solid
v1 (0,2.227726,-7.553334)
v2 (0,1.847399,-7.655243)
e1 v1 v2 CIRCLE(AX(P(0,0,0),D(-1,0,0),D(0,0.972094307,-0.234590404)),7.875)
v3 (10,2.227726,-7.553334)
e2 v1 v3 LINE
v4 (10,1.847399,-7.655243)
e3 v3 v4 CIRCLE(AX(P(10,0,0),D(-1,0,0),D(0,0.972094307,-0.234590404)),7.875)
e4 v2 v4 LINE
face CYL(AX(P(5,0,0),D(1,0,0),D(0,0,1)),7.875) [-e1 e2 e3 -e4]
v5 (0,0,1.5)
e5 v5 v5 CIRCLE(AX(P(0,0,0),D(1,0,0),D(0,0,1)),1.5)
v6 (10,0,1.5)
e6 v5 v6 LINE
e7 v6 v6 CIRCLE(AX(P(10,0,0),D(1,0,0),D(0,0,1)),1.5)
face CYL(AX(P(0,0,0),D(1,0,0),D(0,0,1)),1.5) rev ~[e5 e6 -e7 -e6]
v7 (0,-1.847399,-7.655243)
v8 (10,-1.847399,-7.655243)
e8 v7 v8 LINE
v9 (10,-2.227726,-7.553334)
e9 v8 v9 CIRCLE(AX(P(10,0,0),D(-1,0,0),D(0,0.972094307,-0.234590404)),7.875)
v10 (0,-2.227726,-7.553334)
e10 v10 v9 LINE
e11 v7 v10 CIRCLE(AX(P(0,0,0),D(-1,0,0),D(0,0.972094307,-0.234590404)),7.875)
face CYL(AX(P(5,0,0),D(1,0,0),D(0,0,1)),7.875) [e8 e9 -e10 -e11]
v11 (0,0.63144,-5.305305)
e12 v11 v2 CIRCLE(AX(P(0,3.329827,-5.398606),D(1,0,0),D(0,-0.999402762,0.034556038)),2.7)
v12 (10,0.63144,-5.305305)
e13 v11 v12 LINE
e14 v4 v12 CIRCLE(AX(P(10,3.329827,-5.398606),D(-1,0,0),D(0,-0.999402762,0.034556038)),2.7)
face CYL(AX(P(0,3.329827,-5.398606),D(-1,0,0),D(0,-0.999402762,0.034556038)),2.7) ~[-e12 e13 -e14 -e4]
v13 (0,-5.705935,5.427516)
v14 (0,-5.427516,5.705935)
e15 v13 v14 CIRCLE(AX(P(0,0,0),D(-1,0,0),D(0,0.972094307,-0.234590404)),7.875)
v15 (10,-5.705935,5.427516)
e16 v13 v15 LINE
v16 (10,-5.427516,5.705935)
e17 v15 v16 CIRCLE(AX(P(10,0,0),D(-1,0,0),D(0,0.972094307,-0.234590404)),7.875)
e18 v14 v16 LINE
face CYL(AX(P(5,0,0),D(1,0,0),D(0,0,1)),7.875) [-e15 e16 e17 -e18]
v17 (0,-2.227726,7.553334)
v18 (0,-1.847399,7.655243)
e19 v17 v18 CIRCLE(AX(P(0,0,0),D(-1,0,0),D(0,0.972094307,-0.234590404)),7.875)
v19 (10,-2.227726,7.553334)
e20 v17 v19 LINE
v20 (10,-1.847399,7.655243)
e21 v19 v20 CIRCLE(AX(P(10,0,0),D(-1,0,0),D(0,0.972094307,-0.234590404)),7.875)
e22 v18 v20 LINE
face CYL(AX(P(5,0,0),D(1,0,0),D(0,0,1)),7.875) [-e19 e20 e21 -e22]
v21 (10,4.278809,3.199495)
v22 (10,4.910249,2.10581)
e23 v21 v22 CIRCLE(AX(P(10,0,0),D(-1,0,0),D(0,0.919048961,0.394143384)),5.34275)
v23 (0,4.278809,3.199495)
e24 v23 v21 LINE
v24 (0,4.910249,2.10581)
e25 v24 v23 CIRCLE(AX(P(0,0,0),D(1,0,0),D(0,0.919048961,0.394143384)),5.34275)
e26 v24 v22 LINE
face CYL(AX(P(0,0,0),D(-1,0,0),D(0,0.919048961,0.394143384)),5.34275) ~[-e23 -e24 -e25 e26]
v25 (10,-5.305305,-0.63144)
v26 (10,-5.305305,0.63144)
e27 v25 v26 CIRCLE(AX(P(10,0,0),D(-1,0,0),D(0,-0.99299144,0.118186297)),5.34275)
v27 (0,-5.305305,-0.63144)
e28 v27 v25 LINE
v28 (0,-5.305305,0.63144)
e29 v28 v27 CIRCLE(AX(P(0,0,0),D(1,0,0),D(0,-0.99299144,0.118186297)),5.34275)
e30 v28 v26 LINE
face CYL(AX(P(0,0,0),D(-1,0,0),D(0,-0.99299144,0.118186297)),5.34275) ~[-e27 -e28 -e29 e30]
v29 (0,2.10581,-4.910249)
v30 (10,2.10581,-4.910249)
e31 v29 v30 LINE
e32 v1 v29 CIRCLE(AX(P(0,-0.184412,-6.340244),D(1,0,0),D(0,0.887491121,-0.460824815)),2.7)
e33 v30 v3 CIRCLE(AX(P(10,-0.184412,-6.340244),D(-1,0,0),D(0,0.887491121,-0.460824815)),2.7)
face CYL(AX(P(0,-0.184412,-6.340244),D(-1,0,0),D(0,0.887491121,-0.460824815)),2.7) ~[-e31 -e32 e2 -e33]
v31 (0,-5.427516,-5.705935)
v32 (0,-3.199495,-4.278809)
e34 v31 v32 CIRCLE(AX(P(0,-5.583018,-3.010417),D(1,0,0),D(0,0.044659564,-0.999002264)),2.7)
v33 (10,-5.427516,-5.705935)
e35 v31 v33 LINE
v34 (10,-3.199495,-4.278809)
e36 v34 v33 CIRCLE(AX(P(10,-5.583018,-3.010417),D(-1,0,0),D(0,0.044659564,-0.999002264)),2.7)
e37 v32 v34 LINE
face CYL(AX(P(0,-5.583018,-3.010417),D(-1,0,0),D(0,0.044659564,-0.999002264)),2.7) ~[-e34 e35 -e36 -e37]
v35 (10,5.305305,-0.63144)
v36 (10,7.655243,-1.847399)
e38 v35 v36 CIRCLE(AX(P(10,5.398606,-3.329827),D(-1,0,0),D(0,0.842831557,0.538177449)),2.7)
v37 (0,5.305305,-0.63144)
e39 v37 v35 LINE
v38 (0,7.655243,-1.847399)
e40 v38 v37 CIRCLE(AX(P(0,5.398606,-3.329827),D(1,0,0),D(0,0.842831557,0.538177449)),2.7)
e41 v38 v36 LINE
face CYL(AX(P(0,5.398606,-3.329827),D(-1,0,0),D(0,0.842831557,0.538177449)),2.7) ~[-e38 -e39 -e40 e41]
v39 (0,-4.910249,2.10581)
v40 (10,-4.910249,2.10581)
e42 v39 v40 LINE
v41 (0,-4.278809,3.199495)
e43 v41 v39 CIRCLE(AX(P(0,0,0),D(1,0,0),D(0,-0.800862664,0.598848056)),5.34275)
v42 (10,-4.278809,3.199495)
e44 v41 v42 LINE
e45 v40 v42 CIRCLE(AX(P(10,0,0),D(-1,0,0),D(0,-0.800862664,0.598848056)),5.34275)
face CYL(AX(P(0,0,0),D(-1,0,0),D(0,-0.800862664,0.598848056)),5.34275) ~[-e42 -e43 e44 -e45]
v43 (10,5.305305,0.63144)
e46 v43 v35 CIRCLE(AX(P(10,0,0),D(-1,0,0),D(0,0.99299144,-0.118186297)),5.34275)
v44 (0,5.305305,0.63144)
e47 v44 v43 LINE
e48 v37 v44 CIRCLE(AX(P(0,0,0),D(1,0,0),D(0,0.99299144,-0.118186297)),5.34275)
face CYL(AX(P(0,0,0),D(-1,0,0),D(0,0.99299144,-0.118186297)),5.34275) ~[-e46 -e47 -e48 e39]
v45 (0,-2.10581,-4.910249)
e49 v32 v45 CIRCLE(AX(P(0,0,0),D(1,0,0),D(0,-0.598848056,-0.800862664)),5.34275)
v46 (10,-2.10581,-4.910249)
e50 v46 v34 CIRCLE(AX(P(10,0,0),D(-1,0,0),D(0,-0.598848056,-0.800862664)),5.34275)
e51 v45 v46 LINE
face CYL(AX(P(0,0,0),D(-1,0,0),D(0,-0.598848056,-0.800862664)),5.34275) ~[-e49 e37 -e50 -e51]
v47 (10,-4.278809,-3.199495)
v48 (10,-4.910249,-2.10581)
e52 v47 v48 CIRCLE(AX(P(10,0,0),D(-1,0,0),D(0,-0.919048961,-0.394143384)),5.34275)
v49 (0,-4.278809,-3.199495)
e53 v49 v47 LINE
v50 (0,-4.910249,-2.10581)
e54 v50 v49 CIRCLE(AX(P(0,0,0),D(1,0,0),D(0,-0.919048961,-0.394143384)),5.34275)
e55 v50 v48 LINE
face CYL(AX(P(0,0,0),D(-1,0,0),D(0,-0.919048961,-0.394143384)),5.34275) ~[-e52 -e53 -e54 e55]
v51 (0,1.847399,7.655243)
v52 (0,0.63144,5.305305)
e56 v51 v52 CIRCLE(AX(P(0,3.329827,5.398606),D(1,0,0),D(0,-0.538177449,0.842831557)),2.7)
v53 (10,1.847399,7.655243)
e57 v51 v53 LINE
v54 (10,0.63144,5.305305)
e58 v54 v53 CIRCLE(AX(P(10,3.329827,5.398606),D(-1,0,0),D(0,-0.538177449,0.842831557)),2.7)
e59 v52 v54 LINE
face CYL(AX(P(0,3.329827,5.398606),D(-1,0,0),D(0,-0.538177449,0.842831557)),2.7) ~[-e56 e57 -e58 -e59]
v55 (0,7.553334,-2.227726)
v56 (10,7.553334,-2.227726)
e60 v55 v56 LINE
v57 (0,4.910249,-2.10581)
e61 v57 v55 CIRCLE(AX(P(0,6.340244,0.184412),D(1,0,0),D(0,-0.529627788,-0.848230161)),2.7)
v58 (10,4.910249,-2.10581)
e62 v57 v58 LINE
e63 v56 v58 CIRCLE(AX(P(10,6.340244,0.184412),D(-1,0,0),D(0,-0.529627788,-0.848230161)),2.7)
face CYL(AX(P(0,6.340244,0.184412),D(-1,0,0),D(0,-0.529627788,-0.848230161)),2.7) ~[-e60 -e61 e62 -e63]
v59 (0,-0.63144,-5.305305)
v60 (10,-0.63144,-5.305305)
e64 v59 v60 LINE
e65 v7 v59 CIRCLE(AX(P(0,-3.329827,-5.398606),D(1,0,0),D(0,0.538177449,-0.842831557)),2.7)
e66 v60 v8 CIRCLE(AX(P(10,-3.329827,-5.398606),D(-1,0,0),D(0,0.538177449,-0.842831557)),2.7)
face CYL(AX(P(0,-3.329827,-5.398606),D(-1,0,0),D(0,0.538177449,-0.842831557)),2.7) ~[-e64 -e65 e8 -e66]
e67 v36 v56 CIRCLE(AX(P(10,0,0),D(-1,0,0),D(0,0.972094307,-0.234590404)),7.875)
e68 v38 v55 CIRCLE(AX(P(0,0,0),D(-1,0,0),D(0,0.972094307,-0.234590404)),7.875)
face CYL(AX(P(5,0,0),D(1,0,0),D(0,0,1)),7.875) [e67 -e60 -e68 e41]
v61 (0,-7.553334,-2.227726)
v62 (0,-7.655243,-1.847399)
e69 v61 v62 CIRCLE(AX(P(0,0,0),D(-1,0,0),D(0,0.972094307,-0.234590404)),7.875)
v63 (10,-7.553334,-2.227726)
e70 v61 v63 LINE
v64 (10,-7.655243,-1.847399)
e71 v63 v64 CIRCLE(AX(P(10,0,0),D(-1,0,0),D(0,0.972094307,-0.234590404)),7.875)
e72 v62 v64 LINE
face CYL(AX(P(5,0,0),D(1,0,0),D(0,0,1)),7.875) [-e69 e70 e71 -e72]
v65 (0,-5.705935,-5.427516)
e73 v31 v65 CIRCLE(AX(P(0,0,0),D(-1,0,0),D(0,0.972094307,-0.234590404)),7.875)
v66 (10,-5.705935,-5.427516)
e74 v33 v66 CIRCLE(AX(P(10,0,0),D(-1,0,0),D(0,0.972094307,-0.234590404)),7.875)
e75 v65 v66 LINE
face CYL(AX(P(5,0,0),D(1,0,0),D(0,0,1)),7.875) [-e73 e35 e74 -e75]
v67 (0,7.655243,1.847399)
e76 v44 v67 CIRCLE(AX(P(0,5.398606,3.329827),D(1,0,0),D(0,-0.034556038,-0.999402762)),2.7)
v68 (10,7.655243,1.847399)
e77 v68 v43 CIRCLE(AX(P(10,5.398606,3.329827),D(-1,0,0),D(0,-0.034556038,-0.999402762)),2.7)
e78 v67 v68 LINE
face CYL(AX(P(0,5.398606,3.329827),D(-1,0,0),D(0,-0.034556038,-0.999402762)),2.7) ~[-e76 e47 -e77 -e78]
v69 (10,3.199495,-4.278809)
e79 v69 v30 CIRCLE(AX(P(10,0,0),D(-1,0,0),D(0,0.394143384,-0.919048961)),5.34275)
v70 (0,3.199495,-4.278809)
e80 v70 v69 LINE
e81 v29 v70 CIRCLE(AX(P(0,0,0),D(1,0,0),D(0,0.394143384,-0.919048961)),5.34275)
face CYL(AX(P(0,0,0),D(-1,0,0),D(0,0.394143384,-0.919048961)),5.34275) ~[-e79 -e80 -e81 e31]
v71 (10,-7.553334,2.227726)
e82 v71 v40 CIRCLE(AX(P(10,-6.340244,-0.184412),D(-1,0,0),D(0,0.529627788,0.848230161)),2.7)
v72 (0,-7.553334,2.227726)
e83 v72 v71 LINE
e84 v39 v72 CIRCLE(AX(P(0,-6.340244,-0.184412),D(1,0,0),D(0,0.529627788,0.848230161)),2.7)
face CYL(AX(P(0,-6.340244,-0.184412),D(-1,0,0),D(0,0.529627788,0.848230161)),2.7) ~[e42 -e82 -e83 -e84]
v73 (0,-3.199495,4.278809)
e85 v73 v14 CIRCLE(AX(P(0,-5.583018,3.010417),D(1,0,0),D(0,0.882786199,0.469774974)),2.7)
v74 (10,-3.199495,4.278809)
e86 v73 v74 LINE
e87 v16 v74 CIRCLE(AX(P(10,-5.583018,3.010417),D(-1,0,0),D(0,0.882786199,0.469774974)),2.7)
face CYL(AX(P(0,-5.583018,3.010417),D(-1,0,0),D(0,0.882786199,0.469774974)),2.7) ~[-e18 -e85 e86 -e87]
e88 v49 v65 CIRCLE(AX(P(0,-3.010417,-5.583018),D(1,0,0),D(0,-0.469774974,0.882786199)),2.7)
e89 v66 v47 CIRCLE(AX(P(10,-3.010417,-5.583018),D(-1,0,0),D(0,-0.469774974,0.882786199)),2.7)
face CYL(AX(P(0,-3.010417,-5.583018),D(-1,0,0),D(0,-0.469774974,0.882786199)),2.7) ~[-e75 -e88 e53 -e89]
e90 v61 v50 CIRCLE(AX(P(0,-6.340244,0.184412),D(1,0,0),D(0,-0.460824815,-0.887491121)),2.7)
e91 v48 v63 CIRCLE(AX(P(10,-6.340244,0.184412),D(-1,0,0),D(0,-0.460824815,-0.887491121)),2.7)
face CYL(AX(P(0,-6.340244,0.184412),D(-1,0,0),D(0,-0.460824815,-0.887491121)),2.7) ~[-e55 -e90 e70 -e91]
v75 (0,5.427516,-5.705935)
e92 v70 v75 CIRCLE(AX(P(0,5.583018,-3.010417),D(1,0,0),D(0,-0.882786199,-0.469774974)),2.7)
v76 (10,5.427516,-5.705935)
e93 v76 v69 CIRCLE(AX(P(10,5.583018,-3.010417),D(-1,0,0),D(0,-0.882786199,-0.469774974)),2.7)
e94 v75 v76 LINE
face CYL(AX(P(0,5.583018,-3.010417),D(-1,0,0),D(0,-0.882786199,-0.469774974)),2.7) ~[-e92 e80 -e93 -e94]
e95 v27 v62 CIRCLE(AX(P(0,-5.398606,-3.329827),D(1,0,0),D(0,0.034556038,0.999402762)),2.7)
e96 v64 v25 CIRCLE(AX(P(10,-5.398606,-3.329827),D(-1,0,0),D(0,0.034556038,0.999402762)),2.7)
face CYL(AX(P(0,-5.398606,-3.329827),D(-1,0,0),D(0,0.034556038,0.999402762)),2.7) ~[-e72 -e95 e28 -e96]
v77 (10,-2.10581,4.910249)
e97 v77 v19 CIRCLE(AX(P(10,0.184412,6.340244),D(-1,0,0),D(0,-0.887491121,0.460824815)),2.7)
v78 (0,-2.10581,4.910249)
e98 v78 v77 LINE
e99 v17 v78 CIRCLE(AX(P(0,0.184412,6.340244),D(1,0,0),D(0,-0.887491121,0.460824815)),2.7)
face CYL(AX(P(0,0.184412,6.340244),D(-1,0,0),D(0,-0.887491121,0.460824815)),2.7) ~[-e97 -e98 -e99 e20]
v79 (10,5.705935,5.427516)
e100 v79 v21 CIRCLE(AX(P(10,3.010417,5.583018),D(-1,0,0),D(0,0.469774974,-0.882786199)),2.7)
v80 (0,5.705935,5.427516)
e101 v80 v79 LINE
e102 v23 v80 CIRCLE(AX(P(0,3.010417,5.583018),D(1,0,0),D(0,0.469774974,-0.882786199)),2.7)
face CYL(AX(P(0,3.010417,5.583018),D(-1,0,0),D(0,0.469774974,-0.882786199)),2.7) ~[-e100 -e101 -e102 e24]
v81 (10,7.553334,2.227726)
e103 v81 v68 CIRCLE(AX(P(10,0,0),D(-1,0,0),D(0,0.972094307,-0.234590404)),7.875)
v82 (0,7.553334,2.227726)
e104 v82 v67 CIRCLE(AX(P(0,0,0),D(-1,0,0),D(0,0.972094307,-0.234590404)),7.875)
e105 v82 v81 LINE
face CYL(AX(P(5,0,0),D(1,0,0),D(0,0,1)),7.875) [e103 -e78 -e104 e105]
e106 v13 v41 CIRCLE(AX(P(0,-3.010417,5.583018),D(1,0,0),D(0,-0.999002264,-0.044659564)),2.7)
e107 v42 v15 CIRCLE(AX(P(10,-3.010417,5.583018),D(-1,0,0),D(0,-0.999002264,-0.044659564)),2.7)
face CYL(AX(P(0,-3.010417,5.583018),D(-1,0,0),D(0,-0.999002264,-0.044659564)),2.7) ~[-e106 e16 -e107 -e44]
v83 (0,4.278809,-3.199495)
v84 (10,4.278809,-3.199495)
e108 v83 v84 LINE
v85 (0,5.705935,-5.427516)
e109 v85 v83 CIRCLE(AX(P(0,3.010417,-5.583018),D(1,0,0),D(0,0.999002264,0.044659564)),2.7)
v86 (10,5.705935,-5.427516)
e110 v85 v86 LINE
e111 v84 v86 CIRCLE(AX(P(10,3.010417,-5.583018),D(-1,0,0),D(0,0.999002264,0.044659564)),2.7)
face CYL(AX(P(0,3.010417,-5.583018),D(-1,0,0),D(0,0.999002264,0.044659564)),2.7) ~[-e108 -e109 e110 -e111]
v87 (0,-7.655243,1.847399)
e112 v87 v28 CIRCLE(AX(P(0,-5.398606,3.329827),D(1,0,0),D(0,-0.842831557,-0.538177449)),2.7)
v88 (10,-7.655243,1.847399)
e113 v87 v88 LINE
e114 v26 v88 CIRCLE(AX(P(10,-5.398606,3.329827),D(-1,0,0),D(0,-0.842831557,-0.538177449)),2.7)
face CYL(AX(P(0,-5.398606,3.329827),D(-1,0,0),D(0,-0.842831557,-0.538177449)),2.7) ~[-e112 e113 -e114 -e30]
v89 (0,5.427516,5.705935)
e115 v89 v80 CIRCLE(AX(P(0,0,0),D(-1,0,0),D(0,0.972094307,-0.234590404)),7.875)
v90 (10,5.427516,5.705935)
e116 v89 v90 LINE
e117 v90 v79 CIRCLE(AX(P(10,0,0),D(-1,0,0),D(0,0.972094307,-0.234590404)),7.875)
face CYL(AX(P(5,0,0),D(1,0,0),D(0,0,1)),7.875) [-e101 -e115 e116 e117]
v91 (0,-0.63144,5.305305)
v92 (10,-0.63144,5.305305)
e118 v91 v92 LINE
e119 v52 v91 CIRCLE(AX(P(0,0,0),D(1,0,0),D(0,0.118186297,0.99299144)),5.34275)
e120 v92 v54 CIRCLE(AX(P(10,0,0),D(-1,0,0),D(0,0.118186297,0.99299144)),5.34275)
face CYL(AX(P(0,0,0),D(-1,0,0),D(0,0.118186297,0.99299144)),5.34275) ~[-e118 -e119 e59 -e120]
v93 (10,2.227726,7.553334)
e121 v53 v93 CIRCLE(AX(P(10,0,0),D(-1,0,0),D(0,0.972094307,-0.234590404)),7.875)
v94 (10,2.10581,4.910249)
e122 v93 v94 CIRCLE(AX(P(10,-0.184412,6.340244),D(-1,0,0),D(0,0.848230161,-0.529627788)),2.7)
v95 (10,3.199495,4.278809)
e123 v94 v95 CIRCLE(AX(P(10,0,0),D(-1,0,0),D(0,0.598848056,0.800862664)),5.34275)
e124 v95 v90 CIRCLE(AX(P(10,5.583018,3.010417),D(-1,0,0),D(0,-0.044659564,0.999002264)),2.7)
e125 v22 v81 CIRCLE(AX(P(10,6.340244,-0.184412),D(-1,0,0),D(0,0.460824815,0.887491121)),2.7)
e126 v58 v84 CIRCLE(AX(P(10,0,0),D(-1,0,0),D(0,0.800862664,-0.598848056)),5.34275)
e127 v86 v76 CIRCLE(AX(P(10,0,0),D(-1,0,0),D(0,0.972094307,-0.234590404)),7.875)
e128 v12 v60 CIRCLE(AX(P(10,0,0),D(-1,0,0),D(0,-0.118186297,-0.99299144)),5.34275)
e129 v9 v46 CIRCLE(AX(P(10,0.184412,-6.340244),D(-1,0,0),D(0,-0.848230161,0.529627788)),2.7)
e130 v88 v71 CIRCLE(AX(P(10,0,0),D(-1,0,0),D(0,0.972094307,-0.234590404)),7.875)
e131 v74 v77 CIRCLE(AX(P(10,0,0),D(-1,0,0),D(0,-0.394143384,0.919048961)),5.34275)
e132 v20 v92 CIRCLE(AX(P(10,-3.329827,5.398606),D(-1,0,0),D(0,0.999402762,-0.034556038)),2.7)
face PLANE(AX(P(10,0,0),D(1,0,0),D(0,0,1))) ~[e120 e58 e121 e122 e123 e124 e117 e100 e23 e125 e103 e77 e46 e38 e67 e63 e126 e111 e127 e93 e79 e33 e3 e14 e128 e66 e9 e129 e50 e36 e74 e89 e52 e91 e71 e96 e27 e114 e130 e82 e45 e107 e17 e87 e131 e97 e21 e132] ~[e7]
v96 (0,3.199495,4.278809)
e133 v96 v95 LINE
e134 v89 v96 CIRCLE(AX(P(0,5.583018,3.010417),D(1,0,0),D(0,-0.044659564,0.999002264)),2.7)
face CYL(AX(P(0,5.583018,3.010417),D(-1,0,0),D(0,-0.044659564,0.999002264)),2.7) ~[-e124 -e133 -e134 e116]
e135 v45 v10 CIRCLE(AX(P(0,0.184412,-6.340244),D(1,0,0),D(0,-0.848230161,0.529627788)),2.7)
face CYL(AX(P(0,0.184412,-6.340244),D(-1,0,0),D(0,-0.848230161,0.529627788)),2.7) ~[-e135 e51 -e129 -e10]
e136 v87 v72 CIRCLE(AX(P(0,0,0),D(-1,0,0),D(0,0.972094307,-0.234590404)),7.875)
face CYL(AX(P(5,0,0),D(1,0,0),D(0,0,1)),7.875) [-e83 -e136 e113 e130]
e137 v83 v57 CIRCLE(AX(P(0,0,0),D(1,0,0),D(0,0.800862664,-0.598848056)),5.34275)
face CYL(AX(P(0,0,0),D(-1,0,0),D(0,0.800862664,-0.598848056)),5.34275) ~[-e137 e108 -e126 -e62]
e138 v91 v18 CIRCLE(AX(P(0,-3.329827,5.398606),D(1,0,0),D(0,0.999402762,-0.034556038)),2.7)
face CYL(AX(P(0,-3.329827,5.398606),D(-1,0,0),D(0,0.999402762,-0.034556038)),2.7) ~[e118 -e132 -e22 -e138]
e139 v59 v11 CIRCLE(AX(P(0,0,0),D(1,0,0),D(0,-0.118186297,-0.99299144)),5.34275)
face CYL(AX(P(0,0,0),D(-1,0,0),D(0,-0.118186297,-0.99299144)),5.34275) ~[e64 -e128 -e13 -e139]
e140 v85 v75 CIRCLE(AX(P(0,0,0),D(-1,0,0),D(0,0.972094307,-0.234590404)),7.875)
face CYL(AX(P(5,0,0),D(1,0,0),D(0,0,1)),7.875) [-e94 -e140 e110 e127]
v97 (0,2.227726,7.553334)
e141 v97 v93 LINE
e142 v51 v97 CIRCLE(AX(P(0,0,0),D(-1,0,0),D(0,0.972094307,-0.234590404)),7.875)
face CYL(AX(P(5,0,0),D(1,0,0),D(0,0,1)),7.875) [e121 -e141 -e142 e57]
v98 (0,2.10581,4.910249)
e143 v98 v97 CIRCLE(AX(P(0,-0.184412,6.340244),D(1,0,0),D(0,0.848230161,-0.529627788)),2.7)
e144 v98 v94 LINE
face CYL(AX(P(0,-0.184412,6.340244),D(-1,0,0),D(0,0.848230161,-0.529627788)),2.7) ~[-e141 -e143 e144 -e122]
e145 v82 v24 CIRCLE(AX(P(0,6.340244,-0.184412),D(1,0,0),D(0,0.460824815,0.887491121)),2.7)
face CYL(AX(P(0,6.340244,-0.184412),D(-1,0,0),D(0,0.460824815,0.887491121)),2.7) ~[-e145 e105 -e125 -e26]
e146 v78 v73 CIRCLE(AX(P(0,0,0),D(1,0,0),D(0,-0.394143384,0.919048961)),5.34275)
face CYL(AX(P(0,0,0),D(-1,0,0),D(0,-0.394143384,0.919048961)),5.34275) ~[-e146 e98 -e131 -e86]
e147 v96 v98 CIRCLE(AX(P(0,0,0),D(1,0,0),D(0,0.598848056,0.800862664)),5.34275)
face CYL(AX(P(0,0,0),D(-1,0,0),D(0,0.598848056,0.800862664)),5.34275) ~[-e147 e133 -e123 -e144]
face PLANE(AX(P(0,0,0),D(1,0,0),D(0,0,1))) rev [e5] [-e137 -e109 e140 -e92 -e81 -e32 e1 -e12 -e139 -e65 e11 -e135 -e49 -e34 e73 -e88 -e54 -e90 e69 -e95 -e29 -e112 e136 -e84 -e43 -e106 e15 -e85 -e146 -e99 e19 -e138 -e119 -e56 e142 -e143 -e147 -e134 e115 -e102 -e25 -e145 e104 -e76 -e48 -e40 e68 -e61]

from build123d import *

# Parameters (mm, degrees)
BASPROSKE_W     = 10
BASPROSKE_H     = 7.875
TOOTHCUT_DEPTH  = 15.9676735
TEETHCUTS_COUNT = 12
TEETHCUTS_ANGLE = 330
BORSKE_R        = 1.5
BORE_DEPTH      = 50.0000508


with BuildPart() as part:
    # BasProSke → Base-Revolve (revolve)
    with BuildSketch(Plane(origin=(0, 0, 0), x_dir=(1, 0, 0), z_dir=(0, 1, 0)), mode=Mode.PRIVATE) as base_revolve_sk:
        with Locations((5, 3.9375)):
            Rectangle(BASPROSKE_W, BASPROSKE_H)
    revolve(base_revolve_sk.sketch.rotate(Axis((-10, 0, 0), (1, 0, 0)), 180), axis=Axis((-10, 0, 0), (1, 0, 0)))

    # TooCutSke → ToothCut (cut, through all)
    with BuildSketch(Plane(origin=(0, 0, 0), x_dir=(0, 0, -1), z_dir=(1, 0, 0))):
        with BuildLine():
            ThreePointArc((0.631439839, 5.305305014), (0, 5.34275), (-0.631439839, 5.305305014))
            ThreePointArc((-0.631439839, 5.305305014), (-0.93992237, 6.654932089), (-1.876748184, 7.674251521))
            ThreePointArc((-1.876748184, 7.674251521), (0, 7.9004), (1.876748184, 7.674251521))
            ThreePointArc((1.876748184, 7.674251521), (0.93992237, 6.654932089), (0.631439839, 5.305305014))
        make_face()
    toothcut = extrude(amount=TOOTHCUT_DEPTH, mode=Mode.SUBTRACT)

    # TeethCuts: ToothCut ×12 about axis
    teethcuts_axis = Axis((-10, 0, 0), (1, 0, 0))
    for i in range(1, TEETHCUTS_COUNT):
        add(toothcut.rotate(teethcuts_axis, i * TEETHCUTS_ANGLE / (TEETHCUTS_COUNT - 1)), mode=Mode.SUBTRACT)

    # BorSke → Bore (cut, symmetric)
    with BuildSketch(Plane(origin=(0, 0, 0), x_dir=(0, 0, -1), z_dir=(1, 0, 0))):
        with Locations(Location((0, 0, 0), (0, 0, 180))):
            Circle(BORSKE_R)
    extrude(amount=BORE_DEPTH, both=True, mode=Mode.SUBTRACT)


solid = part.part
